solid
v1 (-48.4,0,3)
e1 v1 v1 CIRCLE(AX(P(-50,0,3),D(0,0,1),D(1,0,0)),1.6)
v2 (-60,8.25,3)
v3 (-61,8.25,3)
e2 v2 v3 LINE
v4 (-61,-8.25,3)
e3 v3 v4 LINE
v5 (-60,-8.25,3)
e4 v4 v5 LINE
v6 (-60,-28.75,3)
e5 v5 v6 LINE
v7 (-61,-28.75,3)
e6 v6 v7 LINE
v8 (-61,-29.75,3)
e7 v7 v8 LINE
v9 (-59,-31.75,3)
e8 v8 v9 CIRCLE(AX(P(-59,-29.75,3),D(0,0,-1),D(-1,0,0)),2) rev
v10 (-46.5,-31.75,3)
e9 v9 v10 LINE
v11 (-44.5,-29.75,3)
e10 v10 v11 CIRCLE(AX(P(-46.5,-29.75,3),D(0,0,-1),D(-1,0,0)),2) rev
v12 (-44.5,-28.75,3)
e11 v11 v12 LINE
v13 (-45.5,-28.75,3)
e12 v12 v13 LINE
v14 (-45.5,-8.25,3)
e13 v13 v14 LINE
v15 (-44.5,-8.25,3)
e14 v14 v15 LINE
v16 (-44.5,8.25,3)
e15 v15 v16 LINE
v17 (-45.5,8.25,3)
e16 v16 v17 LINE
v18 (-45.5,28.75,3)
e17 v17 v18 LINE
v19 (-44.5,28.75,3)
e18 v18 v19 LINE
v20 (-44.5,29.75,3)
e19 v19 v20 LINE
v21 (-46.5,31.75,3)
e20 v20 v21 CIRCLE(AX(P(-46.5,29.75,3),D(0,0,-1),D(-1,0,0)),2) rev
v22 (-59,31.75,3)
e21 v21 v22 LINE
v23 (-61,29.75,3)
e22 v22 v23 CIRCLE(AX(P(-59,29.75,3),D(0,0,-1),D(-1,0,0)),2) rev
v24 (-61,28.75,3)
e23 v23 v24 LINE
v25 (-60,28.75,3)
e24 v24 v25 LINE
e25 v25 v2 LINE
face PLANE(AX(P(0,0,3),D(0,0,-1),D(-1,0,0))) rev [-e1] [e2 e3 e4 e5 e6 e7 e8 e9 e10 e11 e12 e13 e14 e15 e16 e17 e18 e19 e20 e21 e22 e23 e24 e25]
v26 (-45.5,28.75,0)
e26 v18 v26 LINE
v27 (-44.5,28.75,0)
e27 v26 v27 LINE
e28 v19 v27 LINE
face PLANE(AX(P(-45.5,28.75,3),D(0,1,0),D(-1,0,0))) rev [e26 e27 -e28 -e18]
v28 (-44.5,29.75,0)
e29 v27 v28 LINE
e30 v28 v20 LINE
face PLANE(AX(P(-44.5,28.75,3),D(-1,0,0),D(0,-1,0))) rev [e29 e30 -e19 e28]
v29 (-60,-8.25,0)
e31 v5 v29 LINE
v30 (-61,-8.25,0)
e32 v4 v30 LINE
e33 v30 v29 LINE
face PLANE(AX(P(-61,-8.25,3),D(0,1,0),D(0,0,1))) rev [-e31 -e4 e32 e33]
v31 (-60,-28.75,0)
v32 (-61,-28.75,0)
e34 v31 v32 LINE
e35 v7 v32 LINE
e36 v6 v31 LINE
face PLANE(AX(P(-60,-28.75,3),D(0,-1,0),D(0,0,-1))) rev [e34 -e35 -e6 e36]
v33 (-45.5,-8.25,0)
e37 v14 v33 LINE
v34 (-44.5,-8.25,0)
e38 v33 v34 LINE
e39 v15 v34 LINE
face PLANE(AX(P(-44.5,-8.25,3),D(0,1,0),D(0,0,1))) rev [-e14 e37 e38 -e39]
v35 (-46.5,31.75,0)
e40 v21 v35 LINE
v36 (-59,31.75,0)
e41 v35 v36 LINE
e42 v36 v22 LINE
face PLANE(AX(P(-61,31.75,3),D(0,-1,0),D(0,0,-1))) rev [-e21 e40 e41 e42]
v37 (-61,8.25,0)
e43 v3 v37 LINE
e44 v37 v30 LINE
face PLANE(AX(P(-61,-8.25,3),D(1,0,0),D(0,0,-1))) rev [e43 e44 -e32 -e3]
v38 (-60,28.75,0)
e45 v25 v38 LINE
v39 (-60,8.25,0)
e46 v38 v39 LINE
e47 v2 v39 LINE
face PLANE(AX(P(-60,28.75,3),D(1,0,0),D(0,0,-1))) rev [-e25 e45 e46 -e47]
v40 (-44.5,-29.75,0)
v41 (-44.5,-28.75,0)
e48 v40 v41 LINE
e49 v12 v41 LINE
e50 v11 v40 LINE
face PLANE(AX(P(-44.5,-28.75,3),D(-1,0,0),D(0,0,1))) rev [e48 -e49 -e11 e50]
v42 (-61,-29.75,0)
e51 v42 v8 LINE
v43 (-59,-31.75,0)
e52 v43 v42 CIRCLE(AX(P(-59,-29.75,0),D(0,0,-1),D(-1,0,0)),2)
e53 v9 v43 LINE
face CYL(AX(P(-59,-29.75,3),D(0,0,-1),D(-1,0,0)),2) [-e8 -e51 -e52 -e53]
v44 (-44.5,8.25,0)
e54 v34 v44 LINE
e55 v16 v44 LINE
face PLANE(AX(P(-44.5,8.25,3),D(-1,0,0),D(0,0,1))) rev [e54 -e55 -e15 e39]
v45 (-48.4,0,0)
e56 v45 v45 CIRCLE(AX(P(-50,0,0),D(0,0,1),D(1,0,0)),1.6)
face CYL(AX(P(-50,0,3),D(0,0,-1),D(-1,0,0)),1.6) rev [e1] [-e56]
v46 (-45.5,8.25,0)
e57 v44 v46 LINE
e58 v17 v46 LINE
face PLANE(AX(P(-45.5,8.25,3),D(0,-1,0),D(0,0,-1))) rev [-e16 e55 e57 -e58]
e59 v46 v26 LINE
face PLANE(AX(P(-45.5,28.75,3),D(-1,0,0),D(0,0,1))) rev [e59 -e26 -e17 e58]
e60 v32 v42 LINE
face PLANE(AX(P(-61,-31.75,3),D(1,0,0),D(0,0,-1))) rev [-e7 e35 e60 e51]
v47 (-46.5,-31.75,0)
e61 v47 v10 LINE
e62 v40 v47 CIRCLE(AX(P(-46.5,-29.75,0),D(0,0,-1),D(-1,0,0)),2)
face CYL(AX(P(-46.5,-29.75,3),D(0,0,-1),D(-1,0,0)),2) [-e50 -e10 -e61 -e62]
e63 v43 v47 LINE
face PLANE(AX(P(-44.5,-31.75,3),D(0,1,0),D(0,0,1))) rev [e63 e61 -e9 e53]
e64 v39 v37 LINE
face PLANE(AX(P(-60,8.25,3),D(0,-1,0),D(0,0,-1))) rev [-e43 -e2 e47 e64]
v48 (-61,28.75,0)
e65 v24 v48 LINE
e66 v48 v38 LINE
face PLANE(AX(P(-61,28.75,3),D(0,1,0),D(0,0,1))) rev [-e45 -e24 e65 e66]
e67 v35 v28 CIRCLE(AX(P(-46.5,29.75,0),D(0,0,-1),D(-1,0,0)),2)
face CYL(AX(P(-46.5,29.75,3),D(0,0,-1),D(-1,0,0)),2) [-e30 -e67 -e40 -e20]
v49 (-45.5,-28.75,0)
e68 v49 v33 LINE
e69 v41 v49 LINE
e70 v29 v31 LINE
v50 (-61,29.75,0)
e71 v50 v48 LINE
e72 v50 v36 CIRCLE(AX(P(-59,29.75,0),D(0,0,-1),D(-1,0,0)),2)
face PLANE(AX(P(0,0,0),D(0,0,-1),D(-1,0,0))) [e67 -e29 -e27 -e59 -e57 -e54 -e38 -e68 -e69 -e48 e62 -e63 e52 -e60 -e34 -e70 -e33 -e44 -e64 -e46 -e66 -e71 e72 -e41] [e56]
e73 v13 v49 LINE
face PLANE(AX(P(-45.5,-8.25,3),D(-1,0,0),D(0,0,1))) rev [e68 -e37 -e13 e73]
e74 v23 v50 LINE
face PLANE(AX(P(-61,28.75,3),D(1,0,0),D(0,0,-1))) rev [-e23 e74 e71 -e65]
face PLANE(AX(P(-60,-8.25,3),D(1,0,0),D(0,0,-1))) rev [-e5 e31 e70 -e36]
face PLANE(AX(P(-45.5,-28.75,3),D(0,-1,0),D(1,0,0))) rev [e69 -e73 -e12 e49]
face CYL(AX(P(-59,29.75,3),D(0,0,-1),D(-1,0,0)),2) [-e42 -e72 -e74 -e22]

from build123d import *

# Parameters (mm, degrees)
SKETCH1_R           = 1.6
BOSS_EXTRUDE1_DEPTH = 3
FILLET1_R           = 2


with BuildPart() as part:
    # Sketch1 → Boss-Extrude1 (new body)
    with BuildSketch(Plane.XY):
        Polygon((-45.5, 28.75), (-45.5, 8.25), (-44.5, 8.25), (-44.5, -8.25), (-45.5, -8.25), (-45.5, -28.75), (-44.5, -28.75), (-44.5, -31.75), (-61, -31.75), (-61, -28.75), (-60, -28.75), (-60, -8.25), (-61, -8.25), (-61, 8.25), (-60, 8.25), (-60, 28.75), (-61, 28.75), (-61, 31.75), (-44.5, 31.75), (-44.5, 28.75), align=None)
        with Locations((-50, 0)):
            Circle(SKETCH1_R, mode=Mode.SUBTRACT)
    extrude(amount=BOSS_EXTRUDE1_DEPTH)

    # Fillet1
    fillet1_edges = [part.edges().sort_by_distance(p)[0] for p in [
        (-44.5, -31.75, 1.5),
        (-61, -31.75, 1.5),
        (-61, 31.75, 1.5),
        (-44.5, 31.75, 1.5),
    ]]
    fillet(fillet1_edges, radius=FILLET1_R)


solid = part.part
